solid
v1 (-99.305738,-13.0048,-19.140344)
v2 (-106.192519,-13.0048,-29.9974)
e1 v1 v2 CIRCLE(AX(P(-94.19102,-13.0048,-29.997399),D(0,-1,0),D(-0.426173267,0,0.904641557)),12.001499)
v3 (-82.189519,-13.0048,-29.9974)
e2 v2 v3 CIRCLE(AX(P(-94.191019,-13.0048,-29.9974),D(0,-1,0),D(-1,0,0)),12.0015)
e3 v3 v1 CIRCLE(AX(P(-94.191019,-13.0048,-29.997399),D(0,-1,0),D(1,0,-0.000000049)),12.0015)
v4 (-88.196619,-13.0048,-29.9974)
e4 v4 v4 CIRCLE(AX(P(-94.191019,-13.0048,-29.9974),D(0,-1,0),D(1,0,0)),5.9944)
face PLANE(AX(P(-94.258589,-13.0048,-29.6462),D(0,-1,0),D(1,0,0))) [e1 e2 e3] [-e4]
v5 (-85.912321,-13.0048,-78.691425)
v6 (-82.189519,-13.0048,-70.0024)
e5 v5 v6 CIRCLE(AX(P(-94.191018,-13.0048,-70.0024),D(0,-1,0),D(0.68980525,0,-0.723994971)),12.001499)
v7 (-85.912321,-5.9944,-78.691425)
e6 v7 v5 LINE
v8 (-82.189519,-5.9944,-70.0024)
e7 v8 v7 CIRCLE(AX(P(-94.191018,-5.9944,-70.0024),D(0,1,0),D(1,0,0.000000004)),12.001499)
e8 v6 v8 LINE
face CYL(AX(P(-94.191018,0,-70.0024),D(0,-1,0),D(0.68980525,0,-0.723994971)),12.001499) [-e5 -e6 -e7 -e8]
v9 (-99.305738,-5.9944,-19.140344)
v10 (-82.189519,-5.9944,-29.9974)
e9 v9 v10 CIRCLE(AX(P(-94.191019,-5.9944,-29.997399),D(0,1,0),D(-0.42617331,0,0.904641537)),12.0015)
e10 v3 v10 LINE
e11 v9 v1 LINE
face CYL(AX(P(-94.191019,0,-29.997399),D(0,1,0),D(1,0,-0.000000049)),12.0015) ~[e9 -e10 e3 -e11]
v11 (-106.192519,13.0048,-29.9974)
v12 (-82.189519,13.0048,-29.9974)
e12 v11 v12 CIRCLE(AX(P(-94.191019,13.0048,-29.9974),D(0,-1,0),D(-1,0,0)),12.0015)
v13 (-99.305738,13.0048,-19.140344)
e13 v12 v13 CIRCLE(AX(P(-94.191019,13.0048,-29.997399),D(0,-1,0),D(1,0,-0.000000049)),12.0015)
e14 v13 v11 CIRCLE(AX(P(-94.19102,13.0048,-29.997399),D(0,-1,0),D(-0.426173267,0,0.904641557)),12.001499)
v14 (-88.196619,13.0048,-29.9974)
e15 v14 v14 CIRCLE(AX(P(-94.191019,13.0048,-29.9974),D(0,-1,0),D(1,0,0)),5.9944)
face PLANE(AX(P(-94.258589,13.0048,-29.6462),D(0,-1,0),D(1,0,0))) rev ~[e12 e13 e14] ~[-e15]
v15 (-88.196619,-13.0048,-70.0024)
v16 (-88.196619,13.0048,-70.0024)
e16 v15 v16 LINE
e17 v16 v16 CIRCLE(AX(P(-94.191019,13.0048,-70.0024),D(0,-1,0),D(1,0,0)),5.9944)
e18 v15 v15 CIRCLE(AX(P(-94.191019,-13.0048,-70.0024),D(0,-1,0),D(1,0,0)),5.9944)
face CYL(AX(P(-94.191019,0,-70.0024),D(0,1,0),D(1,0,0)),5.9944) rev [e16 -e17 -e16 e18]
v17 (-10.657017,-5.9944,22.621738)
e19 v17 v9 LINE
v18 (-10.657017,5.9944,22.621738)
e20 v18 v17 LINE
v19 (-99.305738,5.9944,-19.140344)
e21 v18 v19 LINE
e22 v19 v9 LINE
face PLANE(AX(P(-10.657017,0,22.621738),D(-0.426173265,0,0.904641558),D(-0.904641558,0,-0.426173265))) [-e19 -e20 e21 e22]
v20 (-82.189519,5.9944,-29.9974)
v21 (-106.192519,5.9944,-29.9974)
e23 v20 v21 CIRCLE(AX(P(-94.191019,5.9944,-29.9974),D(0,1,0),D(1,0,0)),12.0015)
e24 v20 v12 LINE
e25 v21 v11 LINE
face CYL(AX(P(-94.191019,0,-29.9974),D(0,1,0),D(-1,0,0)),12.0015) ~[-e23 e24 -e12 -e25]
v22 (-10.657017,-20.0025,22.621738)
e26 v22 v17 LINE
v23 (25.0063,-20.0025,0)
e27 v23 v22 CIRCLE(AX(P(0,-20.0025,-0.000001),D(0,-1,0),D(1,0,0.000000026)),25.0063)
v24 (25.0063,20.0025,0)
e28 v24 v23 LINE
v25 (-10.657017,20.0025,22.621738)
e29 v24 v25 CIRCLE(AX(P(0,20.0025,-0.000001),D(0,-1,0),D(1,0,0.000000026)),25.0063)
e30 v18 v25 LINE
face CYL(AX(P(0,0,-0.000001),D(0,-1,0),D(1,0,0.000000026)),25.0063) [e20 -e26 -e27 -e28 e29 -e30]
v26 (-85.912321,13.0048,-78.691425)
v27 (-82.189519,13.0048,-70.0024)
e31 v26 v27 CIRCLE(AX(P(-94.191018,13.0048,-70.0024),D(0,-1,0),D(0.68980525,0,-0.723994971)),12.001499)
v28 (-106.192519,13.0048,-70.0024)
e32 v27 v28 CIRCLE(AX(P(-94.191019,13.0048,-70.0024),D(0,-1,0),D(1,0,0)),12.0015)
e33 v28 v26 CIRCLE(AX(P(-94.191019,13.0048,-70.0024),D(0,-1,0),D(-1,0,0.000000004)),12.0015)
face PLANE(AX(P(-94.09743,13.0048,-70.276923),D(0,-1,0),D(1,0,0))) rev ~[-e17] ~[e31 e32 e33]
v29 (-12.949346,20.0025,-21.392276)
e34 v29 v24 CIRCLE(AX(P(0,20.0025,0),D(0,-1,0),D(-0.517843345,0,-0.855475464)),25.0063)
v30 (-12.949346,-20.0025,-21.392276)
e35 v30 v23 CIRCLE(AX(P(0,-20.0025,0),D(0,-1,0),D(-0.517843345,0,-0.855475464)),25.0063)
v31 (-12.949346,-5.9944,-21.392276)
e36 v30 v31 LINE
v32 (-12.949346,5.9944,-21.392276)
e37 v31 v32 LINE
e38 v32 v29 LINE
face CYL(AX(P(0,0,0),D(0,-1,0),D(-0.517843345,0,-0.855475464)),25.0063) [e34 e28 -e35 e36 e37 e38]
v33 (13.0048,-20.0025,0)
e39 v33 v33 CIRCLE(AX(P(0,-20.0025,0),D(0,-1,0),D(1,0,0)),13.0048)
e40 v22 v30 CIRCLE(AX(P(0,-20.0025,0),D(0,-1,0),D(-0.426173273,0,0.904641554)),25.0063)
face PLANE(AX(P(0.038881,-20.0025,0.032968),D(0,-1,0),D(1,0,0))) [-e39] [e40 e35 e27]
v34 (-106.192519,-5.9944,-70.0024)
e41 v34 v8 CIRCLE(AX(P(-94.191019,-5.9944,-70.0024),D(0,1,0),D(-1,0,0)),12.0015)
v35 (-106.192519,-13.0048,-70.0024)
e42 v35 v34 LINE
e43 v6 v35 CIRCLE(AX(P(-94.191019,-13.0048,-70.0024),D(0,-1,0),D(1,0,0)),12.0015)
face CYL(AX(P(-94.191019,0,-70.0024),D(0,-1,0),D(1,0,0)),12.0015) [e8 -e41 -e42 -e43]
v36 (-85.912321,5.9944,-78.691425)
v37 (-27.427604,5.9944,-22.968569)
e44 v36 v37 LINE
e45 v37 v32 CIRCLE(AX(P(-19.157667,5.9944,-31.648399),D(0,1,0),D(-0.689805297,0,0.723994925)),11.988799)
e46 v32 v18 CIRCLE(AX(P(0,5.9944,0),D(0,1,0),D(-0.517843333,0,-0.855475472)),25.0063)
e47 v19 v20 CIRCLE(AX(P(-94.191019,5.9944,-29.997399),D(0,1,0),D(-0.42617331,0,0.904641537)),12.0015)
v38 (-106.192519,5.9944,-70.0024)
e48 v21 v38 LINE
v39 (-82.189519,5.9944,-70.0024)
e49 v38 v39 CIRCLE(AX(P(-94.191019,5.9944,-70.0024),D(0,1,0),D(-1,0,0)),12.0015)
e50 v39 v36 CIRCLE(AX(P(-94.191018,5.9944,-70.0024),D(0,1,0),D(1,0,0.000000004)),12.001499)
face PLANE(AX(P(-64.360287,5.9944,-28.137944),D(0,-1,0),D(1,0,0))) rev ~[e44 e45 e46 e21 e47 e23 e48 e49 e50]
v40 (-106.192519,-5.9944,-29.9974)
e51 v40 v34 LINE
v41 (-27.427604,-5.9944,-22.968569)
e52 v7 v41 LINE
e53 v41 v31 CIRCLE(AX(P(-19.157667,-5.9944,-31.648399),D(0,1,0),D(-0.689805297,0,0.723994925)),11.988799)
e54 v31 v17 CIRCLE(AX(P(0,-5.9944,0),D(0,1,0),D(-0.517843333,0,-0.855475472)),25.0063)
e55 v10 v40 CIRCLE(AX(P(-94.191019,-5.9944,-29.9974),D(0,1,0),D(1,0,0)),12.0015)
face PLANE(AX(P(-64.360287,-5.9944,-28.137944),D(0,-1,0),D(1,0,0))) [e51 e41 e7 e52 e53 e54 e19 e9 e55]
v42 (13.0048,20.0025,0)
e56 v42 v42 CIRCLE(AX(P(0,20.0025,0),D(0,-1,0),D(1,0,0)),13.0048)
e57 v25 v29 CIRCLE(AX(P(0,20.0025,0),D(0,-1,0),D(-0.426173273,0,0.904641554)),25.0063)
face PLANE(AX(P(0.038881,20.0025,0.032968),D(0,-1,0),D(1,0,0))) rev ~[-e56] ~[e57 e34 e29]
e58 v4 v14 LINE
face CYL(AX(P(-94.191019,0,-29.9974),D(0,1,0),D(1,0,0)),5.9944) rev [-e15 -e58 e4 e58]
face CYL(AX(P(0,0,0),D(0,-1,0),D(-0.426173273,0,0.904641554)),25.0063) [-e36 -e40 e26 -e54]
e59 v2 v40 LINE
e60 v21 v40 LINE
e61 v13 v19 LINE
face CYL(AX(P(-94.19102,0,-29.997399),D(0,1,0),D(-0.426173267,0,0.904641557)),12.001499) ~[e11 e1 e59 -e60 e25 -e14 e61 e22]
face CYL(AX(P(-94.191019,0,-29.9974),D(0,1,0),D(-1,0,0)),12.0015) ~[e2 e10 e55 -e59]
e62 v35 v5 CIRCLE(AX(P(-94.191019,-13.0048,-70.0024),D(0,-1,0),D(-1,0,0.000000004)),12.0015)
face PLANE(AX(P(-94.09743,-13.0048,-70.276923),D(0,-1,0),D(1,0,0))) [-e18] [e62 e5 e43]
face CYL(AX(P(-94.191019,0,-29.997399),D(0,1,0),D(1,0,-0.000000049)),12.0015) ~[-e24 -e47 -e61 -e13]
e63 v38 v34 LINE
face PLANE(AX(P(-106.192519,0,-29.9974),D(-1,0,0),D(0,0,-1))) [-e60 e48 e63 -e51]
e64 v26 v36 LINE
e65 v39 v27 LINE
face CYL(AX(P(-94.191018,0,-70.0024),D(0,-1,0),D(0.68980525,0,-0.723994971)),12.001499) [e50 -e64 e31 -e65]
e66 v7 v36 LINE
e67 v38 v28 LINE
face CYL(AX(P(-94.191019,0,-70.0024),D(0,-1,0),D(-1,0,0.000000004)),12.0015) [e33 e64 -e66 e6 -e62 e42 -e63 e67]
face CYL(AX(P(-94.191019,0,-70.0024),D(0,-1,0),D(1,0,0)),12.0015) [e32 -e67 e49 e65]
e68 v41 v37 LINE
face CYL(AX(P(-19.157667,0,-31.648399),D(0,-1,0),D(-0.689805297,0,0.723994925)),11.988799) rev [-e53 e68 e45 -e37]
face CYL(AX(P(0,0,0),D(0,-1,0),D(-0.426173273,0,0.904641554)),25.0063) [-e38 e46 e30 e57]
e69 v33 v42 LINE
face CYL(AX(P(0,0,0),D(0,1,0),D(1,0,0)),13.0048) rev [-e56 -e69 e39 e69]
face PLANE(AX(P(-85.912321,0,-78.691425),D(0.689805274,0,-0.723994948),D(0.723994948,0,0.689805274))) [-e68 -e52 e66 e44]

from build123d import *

# Parameters (mm, degrees)
F0_R     = 13.0048
F1_DEPTH = 20.0025
F2_DEPTH = 5.9944
F0_R_2   = 5.9944
F3_DEPTH = 13.0048


with BuildPart() as f1:
    # F0 (on Front) → F1 (new body, symmetric)
    with BuildSketch(Plane.XZ):
        with BuildLine():
            ThreePointArc((-12.949346, -21.392276), (12.278025, -21.784516), (25.0063, 0))
            ThreePointArc((25.0063, 0), (13.394448, 21.116434), (-10.657017, 22.621738))
            ThreePointArc((-10.657017, 22.621738), (-24.972454, 1.300611), (-12.949346, -21.392276))
        make_face()
        Circle(F0_R, mode=Mode.SUBTRACT)
    extrude(amount=F1_DEPTH, both=True)

    # F0 (on Front) → F2 (join, symmetric)
    with BuildSketch(Plane.XZ):
        with BuildLine():
            ThreePointArc((-12.949346, -21.392276), (-24.972454, 1.300611), (-10.657017, 22.621738))
            Line((-10.657017, 22.621738), (-99.305738, -19.140344))
            ThreePointArc((-99.305738, -19.140344), (-87.7625, -19.862798), (-82.189519, -29.9974))
            ThreePointArc((-82.189519, -29.9974), (-94.191019, -41.9989), (-106.192519, -29.9974))
            Line((-106.192519, -29.9974), (-106.192519, -70.0024))
            ThreePointArc((-106.192519, -70.0024), (-94.191019, -58.0009), (-82.189519, -70.0024))
            ThreePointArc((-82.189519, -70.0024), (-83.15941, -74.728879), (-85.912321, -78.691425))
            Line((-85.912321, -78.691425), (-27.427604, -22.968569))
            ThreePointArc((-27.427604, -22.968569), (-20.455258, -19.730028), (-12.949346, -21.392276))
        make_face()
    extrude(amount=F2_DEPTH, both=True)

    # F0 (on Front) → F3 (join, symmetric)
    with BuildSketch(Plane.XZ):
        with BuildLine():
            ThreePointArc((-82.189519, -29.9974), (-87.7625, -19.862798), (-99.305738, -19.140344))
            ThreePointArc((-99.305738, -19.140344), (-104.325621, -23.568881), (-106.192519, -29.9974))
            ThreePointArc((-106.192519, -29.9974), (-94.191019, -41.9989), (-82.189519, -29.9974))
        make_face()
        with Locations((-94.191019, -29.9974)):
            Circle(F0_R_2, mode=Mode.SUBTRACT)
        with BuildLine():
            ThreePointArc((-106.192519, -70.0024), (-98.917498, -81.034009), (-85.912321, -78.691425))
            ThreePointArc((-85.912321, -78.691425), (-83.15941, -74.728879), (-82.189519, -70.0024))
            ThreePointArc((-82.189519, -70.0024), (-94.191019, -58.0009), (-106.192519, -70.0024))
        make_face()
        with Locations((-94.191019, -70.0024)):
            Circle(F0_R_2, mode=Mode.SUBTRACT)
    extrude(amount=F3_DEPTH, both=True)


solid = f1.part
